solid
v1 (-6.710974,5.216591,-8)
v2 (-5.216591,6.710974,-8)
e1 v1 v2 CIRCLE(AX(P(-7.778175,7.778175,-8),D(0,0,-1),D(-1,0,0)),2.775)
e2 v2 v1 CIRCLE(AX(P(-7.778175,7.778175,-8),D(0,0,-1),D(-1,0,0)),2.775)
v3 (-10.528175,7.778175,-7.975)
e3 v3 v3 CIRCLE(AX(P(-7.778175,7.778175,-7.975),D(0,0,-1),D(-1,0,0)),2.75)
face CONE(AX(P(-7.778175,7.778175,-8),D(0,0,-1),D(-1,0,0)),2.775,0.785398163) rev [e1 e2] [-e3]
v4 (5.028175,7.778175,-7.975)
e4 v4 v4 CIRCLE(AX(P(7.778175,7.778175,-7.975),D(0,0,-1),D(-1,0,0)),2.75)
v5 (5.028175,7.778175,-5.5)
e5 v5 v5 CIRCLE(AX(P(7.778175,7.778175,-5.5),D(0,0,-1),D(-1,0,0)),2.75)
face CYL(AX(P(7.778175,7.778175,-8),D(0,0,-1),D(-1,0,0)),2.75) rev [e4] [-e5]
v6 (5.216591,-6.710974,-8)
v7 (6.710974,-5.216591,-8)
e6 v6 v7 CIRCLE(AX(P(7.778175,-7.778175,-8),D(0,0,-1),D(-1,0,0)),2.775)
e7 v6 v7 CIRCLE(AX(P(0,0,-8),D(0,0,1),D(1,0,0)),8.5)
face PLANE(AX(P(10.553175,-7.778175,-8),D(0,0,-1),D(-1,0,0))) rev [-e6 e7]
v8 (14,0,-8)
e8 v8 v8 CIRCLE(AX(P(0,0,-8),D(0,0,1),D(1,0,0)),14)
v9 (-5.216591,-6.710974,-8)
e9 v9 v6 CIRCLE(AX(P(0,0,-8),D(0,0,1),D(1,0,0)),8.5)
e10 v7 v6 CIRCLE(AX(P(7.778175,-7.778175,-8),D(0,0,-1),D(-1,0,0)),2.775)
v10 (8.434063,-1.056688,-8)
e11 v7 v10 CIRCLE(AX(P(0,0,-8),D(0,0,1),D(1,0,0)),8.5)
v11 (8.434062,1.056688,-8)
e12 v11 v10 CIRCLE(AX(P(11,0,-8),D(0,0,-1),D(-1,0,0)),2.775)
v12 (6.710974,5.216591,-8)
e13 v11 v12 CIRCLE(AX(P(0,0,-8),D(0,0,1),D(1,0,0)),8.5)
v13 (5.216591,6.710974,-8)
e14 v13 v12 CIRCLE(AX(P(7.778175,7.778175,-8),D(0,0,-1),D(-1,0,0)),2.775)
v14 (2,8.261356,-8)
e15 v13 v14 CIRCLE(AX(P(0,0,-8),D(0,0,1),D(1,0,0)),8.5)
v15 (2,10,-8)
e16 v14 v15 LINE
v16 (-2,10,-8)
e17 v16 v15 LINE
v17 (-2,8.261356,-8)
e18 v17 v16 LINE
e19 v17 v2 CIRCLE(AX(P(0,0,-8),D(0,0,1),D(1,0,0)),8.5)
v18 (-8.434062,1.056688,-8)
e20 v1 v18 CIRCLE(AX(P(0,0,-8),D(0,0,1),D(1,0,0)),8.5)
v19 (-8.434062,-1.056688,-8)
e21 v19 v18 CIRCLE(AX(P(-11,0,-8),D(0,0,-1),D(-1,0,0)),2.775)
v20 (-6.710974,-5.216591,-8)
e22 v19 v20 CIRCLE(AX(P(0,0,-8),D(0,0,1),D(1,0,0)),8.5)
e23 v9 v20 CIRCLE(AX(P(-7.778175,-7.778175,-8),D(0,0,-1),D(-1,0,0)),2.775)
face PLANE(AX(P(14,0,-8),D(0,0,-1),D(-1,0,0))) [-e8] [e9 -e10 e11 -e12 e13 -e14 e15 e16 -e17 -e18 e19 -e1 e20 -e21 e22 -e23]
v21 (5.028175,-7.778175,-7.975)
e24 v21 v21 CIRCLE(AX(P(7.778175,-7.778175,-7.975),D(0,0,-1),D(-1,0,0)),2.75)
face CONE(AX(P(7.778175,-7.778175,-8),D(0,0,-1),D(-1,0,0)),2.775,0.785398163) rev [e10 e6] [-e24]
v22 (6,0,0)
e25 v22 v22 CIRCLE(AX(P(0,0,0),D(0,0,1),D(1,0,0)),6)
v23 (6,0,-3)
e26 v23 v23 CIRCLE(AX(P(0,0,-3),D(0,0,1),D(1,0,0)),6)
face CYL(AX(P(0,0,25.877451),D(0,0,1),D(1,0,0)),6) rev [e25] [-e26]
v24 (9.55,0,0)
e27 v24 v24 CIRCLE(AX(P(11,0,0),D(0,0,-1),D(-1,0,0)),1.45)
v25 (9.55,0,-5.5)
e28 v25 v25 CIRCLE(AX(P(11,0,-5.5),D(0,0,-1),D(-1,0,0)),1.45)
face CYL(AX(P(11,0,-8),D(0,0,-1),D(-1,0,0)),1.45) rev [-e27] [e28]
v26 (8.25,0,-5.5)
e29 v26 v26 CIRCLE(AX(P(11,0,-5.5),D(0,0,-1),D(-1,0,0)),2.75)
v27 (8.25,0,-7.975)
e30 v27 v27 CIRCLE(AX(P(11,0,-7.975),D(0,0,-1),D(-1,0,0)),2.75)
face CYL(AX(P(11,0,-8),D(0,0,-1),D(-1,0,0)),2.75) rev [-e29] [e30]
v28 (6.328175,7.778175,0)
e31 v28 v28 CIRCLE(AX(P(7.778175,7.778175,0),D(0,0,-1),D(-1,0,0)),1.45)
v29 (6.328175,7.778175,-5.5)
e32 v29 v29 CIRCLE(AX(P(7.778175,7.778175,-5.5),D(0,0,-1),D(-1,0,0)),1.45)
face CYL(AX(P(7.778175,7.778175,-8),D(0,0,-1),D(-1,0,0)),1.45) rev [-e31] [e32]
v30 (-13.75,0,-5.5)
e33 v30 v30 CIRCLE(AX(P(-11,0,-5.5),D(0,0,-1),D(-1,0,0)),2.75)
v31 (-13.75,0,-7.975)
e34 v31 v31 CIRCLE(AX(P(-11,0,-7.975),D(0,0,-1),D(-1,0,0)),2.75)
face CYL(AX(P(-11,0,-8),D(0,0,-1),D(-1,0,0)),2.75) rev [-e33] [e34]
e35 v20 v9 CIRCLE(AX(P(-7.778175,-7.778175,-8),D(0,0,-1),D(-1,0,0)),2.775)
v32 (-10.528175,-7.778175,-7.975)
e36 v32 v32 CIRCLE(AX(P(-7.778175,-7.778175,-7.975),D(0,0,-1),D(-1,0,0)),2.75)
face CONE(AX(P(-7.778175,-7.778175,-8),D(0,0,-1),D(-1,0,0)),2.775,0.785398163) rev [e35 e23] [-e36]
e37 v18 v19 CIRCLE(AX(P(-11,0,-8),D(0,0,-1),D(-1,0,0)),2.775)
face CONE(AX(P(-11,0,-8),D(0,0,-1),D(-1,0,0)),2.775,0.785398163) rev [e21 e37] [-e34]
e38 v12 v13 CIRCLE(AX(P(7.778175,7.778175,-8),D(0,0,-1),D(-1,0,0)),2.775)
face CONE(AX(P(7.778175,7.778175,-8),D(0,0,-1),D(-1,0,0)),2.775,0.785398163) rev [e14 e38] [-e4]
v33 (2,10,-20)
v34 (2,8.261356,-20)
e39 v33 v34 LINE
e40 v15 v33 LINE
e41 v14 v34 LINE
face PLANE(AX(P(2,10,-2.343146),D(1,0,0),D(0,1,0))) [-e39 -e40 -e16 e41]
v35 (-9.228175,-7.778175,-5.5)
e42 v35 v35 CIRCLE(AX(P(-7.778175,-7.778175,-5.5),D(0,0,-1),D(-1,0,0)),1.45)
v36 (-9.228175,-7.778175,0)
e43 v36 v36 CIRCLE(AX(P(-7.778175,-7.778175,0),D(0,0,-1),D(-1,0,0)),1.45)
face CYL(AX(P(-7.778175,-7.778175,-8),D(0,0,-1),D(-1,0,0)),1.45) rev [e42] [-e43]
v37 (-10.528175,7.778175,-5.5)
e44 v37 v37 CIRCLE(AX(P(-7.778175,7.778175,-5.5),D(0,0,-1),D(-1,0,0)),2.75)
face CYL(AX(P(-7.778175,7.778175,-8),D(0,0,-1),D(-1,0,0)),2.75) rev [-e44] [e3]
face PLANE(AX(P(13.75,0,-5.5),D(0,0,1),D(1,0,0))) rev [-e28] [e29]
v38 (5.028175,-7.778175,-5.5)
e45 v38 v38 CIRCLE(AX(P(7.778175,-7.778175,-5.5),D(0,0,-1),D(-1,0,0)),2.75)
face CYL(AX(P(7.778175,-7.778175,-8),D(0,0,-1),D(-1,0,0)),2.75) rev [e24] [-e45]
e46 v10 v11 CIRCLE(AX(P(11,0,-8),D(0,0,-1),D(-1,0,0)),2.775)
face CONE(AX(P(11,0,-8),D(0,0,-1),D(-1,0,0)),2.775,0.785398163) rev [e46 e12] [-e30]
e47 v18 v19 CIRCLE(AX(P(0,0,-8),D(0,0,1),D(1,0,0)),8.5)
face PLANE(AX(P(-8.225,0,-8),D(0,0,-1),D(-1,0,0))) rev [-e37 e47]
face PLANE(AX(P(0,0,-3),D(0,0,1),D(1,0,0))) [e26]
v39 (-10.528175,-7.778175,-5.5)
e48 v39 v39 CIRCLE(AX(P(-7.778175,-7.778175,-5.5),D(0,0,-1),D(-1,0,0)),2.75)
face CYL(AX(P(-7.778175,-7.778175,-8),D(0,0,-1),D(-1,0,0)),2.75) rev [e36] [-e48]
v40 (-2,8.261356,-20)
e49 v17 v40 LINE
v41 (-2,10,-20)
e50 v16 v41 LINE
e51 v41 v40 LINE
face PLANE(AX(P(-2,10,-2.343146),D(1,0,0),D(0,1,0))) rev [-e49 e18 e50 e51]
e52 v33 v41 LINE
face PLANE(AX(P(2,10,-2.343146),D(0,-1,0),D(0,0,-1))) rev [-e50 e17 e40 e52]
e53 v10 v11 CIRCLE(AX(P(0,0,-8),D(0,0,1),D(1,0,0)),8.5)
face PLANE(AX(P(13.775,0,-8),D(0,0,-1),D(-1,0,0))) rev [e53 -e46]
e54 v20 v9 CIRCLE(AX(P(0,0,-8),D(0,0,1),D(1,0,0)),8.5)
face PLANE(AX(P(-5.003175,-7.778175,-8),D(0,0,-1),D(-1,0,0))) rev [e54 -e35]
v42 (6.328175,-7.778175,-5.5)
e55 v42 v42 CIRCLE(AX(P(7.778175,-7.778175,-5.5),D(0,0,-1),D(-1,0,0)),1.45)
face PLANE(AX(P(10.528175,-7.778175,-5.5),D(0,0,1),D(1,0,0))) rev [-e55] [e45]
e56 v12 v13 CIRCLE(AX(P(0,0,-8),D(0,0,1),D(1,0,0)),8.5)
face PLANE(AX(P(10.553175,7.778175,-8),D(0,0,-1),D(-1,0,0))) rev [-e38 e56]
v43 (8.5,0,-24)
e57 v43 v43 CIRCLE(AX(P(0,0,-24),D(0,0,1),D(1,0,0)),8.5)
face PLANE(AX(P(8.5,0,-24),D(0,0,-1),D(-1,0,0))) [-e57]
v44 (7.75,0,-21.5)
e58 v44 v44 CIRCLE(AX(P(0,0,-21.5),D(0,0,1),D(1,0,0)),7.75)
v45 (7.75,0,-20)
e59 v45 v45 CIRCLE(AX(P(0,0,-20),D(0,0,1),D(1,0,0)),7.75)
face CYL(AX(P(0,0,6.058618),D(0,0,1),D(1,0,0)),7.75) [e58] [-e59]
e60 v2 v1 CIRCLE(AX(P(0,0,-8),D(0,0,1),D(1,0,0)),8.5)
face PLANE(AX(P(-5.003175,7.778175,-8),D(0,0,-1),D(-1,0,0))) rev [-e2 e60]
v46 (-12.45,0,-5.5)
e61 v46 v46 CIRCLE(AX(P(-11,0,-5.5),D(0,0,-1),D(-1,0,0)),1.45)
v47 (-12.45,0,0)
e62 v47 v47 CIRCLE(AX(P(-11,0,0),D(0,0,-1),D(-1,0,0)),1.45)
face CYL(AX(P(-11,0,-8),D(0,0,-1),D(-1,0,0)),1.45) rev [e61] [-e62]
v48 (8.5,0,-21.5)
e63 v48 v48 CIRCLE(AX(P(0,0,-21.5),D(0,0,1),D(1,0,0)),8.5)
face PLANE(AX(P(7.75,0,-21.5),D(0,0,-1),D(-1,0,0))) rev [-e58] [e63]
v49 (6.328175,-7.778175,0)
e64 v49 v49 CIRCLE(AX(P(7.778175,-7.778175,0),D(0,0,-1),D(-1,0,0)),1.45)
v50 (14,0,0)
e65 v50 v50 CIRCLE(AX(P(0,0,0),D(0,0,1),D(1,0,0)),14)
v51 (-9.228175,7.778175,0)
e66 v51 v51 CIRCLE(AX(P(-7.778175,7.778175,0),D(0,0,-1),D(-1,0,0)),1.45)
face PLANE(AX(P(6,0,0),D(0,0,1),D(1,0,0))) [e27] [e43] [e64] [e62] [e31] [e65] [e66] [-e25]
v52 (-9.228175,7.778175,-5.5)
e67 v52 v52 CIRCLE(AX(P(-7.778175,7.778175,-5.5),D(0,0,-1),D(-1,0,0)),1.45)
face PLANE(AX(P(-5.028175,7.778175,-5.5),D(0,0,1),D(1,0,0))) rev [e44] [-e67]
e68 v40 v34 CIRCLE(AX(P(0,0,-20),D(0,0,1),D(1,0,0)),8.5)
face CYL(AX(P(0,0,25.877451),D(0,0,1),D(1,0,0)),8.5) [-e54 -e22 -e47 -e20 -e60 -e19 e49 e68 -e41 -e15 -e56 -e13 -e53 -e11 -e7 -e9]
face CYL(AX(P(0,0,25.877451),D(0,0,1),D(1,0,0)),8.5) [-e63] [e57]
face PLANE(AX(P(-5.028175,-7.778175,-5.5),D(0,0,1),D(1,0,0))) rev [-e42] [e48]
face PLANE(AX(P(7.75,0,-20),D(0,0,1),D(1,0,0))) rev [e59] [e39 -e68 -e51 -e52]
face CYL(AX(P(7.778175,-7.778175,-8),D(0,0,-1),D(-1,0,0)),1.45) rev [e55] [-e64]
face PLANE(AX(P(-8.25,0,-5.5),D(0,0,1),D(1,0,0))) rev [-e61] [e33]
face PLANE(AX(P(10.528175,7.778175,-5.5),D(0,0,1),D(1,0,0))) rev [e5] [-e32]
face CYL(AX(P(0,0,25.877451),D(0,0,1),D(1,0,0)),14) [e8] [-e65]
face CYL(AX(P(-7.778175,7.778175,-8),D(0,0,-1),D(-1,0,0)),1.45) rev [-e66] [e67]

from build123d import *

# Parameters (mm, degrees)
CBORE_FOR_M2_5_SHCS1_AT_2_COUNT = 2
CBORE_FOR_M2_5_SHCS1_AT_2_PITCH = 8.419035512
CBORE_FOR_M2_5_SHCS1_AT_3_COUNT = 2
CBORE_FOR_M2_5_SHCS1_AT_3_PITCH = 20.325349715
CBORE_FOR_M2_5_SHCS1_AT_4_COUNT = 2
CBORE_FOR_M2_5_SHCS1_AT_4_PITCH = 22
CBORE_FOR_M2_5_SHCS1_AT_5_COUNT = 2
CBORE_FOR_M2_5_SHCS1_AT_5_PITCH = 20.325349715
CBORE_FOR_M2_5_SHCS1_AT_6_COUNT = 2
CBORE_FOR_M2_5_SHCS1_AT_6_PITCH = 8.419035512
SKETCH6_W                       = 0.75
SKETCH6_H                       = 1.5
SKETCH8_W                       = 4
SKETCH8_H                       = 4
BOSS_EXTRUDE1_DEPTH             = 12


with BuildPart() as part:
    # Sketch1 → Revolve1 (revolve)
    with BuildSketch(Plane(origin=(0, 0, 0), x_dir=(1, 0, 0), z_dir=(0, 1, 0))):
        Polygon((0, 24), (0, 3), (6, 3), (6, 0), (14, 0), (14, 8), (8.5, 8), (8.5, 24), align=None)
    revolve(axis=Axis((0, 0, 25.877450995), (0, 0, -1)))

    # Sketch4 → CBORE for M2.5 SHCS1 (revolve, cut)
    with BuildSketch(Plane(origin=(-11, 0, -8), x_dir=(0, 1, 0), z_dir=(1, 0, 0))):
        Polygon((0, 0), (0, 8), (1.45, 8), (1.45, 2.5), (2.75, 2.5), (2.75, 0.025), (2.775, 0), align=None)
    cbore_for_m2_5_shcs1 = revolve(axis=Axis((-11, 0, -14.35), (0, 0, 1)), mode=Mode.SUBTRACT)

    # CBORE for M2.5 SHCS1 at 2: CBORE for M2.5 SHCS1 ×2
    with Locations(*[Vector(0.38268343236508967, 0.9238795325112867, 0) * (i * CBORE_FOR_M2_5_SHCS1_AT_2_PITCH) for i in range(1, CBORE_FOR_M2_5_SHCS1_AT_2_COUNT)]):
        add(cbore_for_m2_5_shcs1, mode=Mode.SUBTRACT)

    # CBORE for M2.5 SHCS1 at 3: CBORE for M2.5 SHCS1 ×2
    with Locations(*[Vector(0.9238795325112867, 0.3826834323650897, 0) * (i * CBORE_FOR_M2_5_SHCS1_AT_3_PITCH) for i in range(1, CBORE_FOR_M2_5_SHCS1_AT_3_COUNT)]):
        add(cbore_for_m2_5_shcs1, mode=Mode.SUBTRACT)

    # CBORE for M2.5 SHCS1 at 4: CBORE for M2.5 SHCS1 ×2
    with Locations(*[(i * CBORE_FOR_M2_5_SHCS1_AT_4_PITCH, 0, 0) for i in range(1, CBORE_FOR_M2_5_SHCS1_AT_4_COUNT)]):
        add(cbore_for_m2_5_shcs1, mode=Mode.SUBTRACT)

    # CBORE for M2.5 SHCS1 at 5: CBORE for M2.5 SHCS1 ×2
    with Locations(*[Vector(0.9238795325112867, -0.38268343236508984, 0) * (i * CBORE_FOR_M2_5_SHCS1_AT_5_PITCH) for i in range(1, CBORE_FOR_M2_5_SHCS1_AT_5_COUNT)]):
        add(cbore_for_m2_5_shcs1, mode=Mode.SUBTRACT)

    # CBORE for M2.5 SHCS1 at 6: CBORE for M2.5 SHCS1 ×2
    with Locations(*[Vector(0.38268343236508967, -0.9238795325112868, 0) * (i * CBORE_FOR_M2_5_SHCS1_AT_6_PITCH) for i in range(1, CBORE_FOR_M2_5_SHCS1_AT_6_COUNT)]):
        add(cbore_for_m2_5_shcs1, mode=Mode.SUBTRACT)

    # Sketch6 → Cut-Revolve1 (revolve, cut)
    with BuildSketch(Plane(origin=(0, 0, 0), x_dir=(1, 0, 0), z_dir=(0, 1, 0))):
        with Locations((8.125, 20.75)):
            Rectangle(SKETCH6_W, SKETCH6_H)
    revolve(axis=Axis((0, 0, 6.058618002), (0, 0, -1)), mode=Mode.SUBTRACT)

    # Sketch8 → Boss-Extrude1 (add)
    with BuildSketch(Plane.XY.offset(-20)):
        with Locations((0, 8)):
            Rectangle(SKETCH8_W, SKETCH8_H)
    extrude(amount=BOSS_EXTRUDE1_DEPTH)


solid = part.part
